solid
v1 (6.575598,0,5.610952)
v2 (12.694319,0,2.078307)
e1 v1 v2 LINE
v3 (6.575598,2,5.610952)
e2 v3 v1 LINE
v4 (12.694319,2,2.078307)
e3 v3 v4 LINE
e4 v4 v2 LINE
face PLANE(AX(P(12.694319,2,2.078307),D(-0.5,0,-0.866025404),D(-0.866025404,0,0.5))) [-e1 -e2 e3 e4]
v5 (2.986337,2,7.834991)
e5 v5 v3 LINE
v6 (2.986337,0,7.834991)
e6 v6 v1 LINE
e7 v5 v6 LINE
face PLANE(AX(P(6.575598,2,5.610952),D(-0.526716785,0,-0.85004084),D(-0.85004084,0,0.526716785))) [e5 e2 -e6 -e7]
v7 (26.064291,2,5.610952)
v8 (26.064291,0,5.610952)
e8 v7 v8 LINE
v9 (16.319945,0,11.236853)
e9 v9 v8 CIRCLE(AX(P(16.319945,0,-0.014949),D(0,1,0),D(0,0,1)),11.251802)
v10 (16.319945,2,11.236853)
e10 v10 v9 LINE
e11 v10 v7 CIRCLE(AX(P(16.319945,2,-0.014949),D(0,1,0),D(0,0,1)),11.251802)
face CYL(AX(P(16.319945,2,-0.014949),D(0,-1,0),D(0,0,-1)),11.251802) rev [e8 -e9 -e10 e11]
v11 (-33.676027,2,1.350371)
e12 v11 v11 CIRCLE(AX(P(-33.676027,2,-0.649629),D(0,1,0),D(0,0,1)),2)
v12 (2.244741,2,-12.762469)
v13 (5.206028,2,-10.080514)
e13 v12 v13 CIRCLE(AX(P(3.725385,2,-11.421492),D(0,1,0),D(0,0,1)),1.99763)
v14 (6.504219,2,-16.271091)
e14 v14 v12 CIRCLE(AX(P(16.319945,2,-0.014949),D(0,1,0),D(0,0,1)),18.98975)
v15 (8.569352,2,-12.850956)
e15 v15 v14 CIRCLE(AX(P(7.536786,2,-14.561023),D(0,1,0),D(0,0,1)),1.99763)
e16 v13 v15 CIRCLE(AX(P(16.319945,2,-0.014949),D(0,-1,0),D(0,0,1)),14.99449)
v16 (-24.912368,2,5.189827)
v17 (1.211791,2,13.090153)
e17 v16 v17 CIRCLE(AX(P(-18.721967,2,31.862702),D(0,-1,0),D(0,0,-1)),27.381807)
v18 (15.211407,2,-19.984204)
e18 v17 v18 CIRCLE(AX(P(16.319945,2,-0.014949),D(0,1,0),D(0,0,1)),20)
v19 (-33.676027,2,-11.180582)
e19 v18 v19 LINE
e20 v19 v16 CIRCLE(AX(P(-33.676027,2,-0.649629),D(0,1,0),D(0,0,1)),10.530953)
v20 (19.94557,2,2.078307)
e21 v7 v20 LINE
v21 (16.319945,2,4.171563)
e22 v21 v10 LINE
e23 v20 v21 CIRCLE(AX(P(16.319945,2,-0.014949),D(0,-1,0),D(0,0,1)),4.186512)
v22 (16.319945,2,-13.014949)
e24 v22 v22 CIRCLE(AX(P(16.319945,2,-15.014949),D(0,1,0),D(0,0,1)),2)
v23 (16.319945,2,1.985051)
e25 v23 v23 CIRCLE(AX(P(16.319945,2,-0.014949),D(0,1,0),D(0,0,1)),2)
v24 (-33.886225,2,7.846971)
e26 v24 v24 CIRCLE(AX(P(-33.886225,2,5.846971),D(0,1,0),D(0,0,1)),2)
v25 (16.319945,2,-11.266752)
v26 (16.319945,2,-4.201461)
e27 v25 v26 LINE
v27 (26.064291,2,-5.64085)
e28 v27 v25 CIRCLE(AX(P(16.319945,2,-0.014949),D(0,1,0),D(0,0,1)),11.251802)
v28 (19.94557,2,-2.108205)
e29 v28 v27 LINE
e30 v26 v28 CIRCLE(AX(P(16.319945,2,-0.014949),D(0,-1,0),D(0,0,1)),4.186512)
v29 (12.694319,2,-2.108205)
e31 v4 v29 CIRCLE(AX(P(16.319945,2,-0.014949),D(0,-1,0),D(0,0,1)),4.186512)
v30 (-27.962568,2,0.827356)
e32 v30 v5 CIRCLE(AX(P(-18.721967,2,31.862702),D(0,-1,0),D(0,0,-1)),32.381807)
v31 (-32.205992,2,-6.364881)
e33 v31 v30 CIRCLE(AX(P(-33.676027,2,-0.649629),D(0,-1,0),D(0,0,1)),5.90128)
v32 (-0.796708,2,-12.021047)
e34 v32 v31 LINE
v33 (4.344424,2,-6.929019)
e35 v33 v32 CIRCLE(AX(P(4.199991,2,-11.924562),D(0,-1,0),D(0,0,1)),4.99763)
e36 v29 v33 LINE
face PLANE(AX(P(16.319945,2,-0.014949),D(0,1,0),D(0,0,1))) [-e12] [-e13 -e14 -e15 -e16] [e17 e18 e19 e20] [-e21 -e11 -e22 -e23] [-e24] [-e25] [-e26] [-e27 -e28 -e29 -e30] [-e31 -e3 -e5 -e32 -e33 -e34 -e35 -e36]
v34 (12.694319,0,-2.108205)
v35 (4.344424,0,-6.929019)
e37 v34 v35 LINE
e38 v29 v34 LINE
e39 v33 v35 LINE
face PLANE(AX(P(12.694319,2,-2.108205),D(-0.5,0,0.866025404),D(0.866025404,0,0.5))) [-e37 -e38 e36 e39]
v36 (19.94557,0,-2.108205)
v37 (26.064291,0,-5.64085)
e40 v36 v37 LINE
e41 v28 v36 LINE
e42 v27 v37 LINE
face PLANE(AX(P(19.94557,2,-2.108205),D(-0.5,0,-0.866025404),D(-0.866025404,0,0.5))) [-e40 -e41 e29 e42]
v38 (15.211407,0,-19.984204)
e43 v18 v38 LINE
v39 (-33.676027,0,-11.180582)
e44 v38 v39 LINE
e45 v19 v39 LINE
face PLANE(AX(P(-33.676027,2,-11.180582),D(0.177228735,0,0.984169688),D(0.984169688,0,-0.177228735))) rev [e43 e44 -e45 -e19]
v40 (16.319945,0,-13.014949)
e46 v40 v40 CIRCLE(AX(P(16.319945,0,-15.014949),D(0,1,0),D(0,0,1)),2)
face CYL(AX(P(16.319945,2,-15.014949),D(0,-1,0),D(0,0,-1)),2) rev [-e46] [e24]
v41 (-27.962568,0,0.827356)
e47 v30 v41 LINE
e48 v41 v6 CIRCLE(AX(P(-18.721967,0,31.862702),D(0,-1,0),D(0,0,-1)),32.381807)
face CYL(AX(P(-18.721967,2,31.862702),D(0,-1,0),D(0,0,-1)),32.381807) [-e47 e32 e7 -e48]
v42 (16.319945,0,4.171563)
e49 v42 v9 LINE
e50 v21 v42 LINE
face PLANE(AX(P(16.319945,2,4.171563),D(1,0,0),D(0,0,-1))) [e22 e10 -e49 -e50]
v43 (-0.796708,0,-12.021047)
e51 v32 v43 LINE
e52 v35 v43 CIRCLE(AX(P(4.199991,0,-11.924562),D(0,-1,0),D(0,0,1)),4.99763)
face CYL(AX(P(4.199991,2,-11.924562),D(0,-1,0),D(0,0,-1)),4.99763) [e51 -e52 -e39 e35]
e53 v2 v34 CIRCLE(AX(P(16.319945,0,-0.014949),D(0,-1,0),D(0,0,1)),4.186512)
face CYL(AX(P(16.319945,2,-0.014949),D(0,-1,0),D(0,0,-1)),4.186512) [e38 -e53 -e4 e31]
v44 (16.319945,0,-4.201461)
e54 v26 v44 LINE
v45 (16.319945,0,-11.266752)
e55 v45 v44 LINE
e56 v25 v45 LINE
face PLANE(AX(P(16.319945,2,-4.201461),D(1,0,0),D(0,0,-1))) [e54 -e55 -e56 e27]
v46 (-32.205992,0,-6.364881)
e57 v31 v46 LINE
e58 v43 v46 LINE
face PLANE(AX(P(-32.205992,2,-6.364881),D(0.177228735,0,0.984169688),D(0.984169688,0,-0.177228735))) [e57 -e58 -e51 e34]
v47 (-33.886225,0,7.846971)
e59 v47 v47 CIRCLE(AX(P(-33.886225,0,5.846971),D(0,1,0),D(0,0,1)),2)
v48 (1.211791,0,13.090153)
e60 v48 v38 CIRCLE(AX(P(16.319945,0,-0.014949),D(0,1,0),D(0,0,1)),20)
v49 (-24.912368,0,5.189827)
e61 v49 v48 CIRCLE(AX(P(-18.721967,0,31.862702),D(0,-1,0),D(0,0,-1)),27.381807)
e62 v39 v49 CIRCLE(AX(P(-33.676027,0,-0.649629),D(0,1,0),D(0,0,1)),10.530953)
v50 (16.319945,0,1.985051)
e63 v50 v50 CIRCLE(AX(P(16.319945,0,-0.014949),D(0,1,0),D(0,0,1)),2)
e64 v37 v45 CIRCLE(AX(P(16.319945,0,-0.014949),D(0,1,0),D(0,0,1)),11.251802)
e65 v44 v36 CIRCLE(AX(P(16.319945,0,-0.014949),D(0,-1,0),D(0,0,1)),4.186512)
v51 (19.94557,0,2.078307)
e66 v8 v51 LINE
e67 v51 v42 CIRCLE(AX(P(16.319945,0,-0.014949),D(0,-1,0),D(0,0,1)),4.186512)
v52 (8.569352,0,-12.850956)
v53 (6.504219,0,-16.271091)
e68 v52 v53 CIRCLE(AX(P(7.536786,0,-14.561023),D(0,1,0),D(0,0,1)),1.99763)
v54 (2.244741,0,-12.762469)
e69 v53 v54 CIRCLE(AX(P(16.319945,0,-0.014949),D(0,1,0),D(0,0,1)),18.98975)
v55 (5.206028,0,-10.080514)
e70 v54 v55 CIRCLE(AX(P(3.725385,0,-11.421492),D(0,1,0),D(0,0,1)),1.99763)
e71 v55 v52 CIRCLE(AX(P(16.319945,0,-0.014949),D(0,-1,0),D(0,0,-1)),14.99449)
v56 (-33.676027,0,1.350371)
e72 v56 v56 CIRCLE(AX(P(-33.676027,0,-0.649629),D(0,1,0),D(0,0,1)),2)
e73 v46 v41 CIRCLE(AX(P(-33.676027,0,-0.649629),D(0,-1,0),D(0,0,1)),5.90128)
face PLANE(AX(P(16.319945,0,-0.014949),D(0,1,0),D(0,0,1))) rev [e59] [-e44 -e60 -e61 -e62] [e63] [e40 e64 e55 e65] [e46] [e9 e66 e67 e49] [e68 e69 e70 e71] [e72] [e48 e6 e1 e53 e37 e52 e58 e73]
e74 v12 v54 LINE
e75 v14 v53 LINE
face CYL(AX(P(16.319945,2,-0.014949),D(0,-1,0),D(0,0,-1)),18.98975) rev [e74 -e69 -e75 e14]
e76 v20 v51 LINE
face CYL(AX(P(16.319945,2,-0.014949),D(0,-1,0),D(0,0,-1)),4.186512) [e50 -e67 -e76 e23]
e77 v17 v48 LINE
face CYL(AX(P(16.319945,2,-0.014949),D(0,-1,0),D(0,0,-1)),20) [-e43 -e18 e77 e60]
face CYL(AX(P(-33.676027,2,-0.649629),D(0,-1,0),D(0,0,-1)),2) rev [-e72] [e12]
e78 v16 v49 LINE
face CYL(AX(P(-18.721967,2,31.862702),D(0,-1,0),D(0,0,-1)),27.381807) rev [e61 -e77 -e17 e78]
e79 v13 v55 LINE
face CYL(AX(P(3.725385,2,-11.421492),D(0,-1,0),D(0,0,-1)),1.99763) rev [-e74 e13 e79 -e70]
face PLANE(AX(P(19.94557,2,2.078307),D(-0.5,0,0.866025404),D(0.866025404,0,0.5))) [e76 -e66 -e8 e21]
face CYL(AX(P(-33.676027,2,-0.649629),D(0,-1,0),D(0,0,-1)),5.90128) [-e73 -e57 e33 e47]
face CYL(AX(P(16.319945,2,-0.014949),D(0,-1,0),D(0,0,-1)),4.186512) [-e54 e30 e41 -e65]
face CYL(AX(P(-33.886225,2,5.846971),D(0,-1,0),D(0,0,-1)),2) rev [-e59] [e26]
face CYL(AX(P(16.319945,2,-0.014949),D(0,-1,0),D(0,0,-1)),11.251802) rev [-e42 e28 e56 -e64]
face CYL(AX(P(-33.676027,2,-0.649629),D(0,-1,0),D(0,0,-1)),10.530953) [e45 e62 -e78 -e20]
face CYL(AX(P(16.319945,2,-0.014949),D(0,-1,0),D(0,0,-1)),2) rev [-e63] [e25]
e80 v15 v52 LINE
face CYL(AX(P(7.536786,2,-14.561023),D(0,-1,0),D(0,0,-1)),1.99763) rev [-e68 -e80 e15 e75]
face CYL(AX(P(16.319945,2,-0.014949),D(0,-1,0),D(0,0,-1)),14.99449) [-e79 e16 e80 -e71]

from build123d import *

# Parameters (mm, degrees)
SKETCH1_R           = 2
BOSS_EXTRUDE2_DEPTH = 2


with BuildPart() as part:
    # Sketch1 → Boss-Extrude2 (new body)
    with BuildSketch(Plane(origin=(0, 0, 0), x_dir=(1, 0, 0), z_dir=(0, 1, 0))):
        with BuildLine():
            Line((-33.676027055, 11.180582142), (15.211406628, 19.984204272))
            ThreePointArc((15.211406628, 19.984204272), (34.737966777, -7.78097648), (1.211790987, -13.090152535))
            ThreePointArc((1.211790987, -13.090152535), (-10.79582326, -5.653169844), (-24.912367612, -5.189826572))
            ThreePointArc((-24.912367612, -5.189826572), (-42.960314969, -4.320578887), (-33.676027055, 11.180582142))
        make_face()
        with Locations(Location((-33.676027055, 0.649629179, 0), (0, 0, 270))):
            Circle(SKETCH1_R, mode=Mode.SUBTRACT)
        with Locations(Location((-33.886225149, -5.846971221, 0), (0, 0, 270))):
            Circle(SKETCH1_R, mode=Mode.SUBTRACT)
        with Locations(Location((16.319944597, 0.014949315, 0), (0, 0, 270))):
            Circle(SKETCH1_R, mode=Mode.SUBTRACT)
        with Locations(Location((16.319944597, 15.014949315, 0), (0, 0, 270))):
            Circle(SKETCH1_R, mode=Mode.SUBTRACT)
        with BuildLine():
            Line((-32.205991929, 6.364880551), (-0.796707678, 12.021047159))
            ThreePointArc((-0.796707678, 12.021047159), (0.683130465, 8.373787285), (4.344424088, 6.929019304))
            Line((4.344424088, 6.929019304), (12.69431881, 2.108205339))
            ThreePointArc((12.69431881, 2.108205339), (12.133432549, 0.014949315), (12.69431881, -2.07830671))
            Line((12.69431881, -2.07830671), (6.575597959, -5.61095184))
            Line((6.575597959, -5.61095184), (2.986337283, -7.83499068))
            ThreePointArc((2.986337283, -7.83499068), (-11.570908116, -0.280369046), (-27.962567795, -0.827355859))
            ThreePointArc((-27.962567795, -0.827355859), (-28.59343775, 3.648360156), (-32.205991929, 6.364880551))
        make_face(mode=Mode.SUBTRACT)
        with BuildLine():
            Line((16.319944597, 4.201461363), (16.319944597, 11.266751624))
            ThreePointArc((16.319944597, 11.266751624), (21.945845752, 9.759295953), (26.064291236, 5.64085047))
            Line((26.064291236, 5.64085047), (19.945570385, 2.108205339))
            ThreePointArc((19.945570385, 2.108205339), (18.413200622, 3.640575102), (16.319944597, 4.201461363))
        make_face(mode=Mode.SUBTRACT)
        with BuildLine():
            Line((19.945570385, -2.07830671), (26.064291236, -5.61095184))
            ThreePointArc((26.064291236, -5.61095184), (21.945845752, -9.729397324), (16.319944597, -11.236852995))
            Line((16.319944597, -11.236852995), (16.319944597, -4.171562734))
            ThreePointArc((16.319944597, -4.171562734), (18.413200622, -3.610676472), (19.945570385, -2.07830671))
        make_face(mode=Mode.SUBTRACT)
        with BuildLine():
            ThreePointArc((2.244741471, 12.762469116), (2.384407332, 9.940848466), (5.206027982, 10.080514326))
            ThreePointArc((5.206027982, 10.080514326), (5.413174271, 10.304609299), (5.624838222, 10.524442221))
            ThreePointArc((5.624838222, 10.524442221), (6.978596806, 11.744142082), (8.470307193, 12.790626759))
            ThreePointArc((8.470307193, 12.790626759), (8.519771502, 12.820887047), (8.569352462, 12.850955823))
            ThreePointArc((8.569352462, 12.850955823), (9.246853, 15.59359008), (6.504218744, 16.271090618))
            ThreePointArc((6.504218744, 16.271090618), (6.441427011, 16.233010062), (6.378783011, 16.194686965))
            ThreePointArc((6.378783011, 16.194686965), (4.489608616, 14.869368007), (2.775143075, 13.324680936))
            ThreePointArc((2.775143075, 13.324680936), (2.50708158, 13.046273859), (2.244741471, 12.762469116))
        make_face(mode=Mode.SUBTRACT)
    extrude(amount=BOSS_EXTRUDE2_DEPTH)


solid = part.part
